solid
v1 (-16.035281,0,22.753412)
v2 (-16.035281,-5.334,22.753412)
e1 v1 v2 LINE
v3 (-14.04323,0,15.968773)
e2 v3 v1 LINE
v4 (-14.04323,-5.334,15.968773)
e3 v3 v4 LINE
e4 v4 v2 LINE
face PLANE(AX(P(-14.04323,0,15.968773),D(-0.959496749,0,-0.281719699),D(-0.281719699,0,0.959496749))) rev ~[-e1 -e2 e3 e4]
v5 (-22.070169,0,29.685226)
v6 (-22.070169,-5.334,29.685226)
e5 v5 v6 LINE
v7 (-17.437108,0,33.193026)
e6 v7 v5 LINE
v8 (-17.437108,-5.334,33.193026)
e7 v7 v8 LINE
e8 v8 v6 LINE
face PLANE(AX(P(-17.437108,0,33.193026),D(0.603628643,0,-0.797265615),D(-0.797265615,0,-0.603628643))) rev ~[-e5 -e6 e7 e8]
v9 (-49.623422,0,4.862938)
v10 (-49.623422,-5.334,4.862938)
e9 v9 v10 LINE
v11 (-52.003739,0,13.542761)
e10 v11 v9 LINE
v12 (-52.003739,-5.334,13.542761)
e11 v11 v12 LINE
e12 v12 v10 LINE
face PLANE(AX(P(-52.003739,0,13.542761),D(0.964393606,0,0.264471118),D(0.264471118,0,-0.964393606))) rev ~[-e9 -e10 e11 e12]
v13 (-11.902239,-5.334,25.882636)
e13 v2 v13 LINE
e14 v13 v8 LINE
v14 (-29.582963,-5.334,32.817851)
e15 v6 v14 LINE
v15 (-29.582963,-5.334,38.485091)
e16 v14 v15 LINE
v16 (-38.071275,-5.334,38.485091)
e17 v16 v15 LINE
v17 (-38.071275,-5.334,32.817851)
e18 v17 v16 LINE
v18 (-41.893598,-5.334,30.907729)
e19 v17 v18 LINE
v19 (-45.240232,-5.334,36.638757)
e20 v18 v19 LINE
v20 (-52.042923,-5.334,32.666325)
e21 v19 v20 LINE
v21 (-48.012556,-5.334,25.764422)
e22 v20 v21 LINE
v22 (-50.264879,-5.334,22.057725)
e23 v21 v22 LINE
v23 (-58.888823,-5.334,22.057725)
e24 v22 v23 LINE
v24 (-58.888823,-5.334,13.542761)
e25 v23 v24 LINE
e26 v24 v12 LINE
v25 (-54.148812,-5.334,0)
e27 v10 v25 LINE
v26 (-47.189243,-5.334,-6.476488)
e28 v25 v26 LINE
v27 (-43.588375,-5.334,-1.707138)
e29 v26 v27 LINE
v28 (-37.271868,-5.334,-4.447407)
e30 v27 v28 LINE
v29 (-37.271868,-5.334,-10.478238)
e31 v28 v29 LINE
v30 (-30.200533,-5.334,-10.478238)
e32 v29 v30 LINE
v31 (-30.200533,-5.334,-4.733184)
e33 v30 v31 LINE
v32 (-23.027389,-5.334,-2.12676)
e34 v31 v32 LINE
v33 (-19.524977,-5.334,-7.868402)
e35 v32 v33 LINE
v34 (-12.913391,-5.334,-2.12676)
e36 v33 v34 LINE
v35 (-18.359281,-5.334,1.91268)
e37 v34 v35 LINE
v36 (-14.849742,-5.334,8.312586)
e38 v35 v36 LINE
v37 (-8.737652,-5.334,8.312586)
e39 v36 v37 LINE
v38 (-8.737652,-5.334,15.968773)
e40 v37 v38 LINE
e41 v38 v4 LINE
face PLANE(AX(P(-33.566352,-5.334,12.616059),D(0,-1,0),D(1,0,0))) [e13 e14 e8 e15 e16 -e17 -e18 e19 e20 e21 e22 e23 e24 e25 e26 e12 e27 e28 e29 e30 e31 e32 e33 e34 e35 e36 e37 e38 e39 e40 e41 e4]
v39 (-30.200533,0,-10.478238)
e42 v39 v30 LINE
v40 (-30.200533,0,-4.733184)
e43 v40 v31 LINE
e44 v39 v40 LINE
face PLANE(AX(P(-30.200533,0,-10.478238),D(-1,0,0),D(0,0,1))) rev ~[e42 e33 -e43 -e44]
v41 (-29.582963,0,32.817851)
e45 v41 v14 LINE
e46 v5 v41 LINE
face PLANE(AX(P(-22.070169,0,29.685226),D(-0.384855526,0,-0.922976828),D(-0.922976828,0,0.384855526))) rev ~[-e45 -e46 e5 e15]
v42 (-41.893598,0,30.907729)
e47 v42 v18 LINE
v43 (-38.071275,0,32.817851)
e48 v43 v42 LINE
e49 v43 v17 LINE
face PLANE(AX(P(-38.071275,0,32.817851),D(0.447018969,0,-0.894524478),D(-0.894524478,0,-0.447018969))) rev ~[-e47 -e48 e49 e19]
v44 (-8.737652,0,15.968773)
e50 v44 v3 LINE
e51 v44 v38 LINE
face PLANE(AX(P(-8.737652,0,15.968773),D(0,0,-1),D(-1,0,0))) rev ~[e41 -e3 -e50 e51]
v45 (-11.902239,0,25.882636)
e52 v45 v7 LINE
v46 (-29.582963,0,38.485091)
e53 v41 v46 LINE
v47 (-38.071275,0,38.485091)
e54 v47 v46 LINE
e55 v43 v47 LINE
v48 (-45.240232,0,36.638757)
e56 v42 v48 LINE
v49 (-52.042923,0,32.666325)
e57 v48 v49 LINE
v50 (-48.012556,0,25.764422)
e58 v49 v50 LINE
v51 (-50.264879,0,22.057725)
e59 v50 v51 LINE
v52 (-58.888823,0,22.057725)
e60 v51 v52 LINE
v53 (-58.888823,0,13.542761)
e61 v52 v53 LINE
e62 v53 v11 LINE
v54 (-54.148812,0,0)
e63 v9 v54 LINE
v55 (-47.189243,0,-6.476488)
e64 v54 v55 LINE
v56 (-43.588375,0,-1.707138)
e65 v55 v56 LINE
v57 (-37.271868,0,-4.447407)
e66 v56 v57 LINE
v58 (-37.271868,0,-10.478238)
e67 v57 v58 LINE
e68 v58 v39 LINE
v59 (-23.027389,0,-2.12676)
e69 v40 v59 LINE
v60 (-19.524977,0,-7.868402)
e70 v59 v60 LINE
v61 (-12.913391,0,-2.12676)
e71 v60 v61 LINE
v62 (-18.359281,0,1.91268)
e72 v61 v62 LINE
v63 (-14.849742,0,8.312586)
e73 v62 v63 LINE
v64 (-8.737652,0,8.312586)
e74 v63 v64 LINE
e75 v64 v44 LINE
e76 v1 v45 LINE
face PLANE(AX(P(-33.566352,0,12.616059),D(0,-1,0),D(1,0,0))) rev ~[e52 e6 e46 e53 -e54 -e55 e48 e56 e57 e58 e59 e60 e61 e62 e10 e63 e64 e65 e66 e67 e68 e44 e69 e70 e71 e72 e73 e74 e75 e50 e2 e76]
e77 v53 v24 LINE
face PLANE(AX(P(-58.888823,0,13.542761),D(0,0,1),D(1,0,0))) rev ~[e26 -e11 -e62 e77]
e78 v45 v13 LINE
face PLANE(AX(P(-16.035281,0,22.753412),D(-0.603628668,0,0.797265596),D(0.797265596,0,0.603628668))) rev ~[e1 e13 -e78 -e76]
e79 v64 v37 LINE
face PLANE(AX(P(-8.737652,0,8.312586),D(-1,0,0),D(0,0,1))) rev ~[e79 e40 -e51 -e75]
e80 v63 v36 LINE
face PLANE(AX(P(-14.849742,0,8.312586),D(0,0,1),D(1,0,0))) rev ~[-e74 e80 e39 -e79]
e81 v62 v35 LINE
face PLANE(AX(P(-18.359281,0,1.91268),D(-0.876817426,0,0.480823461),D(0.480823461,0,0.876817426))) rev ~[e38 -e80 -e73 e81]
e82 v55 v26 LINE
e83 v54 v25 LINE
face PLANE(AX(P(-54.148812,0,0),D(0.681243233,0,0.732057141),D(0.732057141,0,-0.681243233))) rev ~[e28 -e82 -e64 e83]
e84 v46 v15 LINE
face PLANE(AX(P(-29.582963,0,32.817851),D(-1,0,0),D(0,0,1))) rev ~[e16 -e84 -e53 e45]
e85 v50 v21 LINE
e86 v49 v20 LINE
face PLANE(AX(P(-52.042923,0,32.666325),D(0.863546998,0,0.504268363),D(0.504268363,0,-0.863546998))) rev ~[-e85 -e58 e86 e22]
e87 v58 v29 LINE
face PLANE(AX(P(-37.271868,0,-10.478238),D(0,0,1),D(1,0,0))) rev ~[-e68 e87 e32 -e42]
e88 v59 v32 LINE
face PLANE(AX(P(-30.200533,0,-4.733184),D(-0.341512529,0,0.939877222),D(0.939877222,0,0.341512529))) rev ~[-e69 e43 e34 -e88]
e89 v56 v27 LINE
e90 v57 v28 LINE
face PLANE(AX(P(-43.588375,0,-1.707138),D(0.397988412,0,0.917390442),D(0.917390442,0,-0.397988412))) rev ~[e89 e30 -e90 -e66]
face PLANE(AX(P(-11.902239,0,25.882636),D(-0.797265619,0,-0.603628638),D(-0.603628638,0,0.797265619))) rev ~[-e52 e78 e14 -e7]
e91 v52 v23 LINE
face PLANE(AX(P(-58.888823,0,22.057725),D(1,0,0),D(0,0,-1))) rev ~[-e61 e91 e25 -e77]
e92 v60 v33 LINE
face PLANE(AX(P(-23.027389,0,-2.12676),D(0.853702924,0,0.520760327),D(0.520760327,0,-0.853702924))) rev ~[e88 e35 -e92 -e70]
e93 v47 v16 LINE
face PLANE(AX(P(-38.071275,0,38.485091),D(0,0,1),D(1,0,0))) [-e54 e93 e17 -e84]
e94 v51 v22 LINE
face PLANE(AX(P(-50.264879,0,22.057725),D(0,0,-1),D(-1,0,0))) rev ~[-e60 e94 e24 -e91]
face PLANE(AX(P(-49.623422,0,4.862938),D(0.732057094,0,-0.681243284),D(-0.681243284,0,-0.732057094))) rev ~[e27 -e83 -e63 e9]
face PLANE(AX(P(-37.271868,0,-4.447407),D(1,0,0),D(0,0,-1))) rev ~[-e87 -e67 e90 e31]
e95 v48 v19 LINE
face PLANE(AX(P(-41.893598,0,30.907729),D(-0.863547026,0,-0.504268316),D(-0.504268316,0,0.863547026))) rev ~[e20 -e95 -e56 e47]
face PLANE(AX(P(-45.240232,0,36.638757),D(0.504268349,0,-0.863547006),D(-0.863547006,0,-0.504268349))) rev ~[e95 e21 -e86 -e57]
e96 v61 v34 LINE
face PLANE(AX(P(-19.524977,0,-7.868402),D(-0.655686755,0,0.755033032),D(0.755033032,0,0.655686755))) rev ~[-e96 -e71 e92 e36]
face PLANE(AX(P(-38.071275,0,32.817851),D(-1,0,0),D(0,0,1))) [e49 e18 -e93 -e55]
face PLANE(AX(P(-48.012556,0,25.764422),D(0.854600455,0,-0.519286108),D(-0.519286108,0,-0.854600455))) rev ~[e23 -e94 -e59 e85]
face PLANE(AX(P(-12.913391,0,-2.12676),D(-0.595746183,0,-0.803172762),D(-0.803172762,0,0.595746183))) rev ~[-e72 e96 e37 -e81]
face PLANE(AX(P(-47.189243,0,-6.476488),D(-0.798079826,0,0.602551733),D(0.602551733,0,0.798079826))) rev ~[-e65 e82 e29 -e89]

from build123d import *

# Parameters (mm, degrees)
F0_W     = 8.488312
F0_H     = 5.66724
F1_DEPTH = 5.334


with BuildPart() as f1:
    # F0 (on Front) → F1 (new body)
    with BuildSketch(Plane.XZ):
        Polygon((-22.070169, 29.685226), (-29.582963, 32.817851), (-38.071275, 32.817851), (-41.893598, 30.907729), (-45.240232, 36.638757), (-52.042923, 32.666325), (-48.012556, 25.764422), (-50.264879, 22.057725), (-58.888823, 22.057725), (-58.888823, 13.542761), (-52.003739, 13.542761), (-49.623422, 4.862938), (-54.148812, 0), (-47.189243, -6.476488), (-43.588375, -1.707138), (-37.271868, -4.447407), (-37.271868, -10.478238), (-30.200533, -10.478238), (-30.200533, -4.733184), (-23.027389, -2.12676), (-19.524977, -7.868402), (-12.913391, -2.12676), (-18.359281, 1.91268), (-14.849742, 8.312586), (-8.737652, 8.312586), (-8.737652, 15.968773), (-14.04323, 15.968773), (-16.035281, 22.753412), (-11.902239, 25.882636), (-17.437108, 33.193026), align=None)
        with Locations((-33.827119, 35.651471)):
            Rectangle(F0_W, F0_H)
    extrude(amount=F1_DEPTH)


solid = f1.part
